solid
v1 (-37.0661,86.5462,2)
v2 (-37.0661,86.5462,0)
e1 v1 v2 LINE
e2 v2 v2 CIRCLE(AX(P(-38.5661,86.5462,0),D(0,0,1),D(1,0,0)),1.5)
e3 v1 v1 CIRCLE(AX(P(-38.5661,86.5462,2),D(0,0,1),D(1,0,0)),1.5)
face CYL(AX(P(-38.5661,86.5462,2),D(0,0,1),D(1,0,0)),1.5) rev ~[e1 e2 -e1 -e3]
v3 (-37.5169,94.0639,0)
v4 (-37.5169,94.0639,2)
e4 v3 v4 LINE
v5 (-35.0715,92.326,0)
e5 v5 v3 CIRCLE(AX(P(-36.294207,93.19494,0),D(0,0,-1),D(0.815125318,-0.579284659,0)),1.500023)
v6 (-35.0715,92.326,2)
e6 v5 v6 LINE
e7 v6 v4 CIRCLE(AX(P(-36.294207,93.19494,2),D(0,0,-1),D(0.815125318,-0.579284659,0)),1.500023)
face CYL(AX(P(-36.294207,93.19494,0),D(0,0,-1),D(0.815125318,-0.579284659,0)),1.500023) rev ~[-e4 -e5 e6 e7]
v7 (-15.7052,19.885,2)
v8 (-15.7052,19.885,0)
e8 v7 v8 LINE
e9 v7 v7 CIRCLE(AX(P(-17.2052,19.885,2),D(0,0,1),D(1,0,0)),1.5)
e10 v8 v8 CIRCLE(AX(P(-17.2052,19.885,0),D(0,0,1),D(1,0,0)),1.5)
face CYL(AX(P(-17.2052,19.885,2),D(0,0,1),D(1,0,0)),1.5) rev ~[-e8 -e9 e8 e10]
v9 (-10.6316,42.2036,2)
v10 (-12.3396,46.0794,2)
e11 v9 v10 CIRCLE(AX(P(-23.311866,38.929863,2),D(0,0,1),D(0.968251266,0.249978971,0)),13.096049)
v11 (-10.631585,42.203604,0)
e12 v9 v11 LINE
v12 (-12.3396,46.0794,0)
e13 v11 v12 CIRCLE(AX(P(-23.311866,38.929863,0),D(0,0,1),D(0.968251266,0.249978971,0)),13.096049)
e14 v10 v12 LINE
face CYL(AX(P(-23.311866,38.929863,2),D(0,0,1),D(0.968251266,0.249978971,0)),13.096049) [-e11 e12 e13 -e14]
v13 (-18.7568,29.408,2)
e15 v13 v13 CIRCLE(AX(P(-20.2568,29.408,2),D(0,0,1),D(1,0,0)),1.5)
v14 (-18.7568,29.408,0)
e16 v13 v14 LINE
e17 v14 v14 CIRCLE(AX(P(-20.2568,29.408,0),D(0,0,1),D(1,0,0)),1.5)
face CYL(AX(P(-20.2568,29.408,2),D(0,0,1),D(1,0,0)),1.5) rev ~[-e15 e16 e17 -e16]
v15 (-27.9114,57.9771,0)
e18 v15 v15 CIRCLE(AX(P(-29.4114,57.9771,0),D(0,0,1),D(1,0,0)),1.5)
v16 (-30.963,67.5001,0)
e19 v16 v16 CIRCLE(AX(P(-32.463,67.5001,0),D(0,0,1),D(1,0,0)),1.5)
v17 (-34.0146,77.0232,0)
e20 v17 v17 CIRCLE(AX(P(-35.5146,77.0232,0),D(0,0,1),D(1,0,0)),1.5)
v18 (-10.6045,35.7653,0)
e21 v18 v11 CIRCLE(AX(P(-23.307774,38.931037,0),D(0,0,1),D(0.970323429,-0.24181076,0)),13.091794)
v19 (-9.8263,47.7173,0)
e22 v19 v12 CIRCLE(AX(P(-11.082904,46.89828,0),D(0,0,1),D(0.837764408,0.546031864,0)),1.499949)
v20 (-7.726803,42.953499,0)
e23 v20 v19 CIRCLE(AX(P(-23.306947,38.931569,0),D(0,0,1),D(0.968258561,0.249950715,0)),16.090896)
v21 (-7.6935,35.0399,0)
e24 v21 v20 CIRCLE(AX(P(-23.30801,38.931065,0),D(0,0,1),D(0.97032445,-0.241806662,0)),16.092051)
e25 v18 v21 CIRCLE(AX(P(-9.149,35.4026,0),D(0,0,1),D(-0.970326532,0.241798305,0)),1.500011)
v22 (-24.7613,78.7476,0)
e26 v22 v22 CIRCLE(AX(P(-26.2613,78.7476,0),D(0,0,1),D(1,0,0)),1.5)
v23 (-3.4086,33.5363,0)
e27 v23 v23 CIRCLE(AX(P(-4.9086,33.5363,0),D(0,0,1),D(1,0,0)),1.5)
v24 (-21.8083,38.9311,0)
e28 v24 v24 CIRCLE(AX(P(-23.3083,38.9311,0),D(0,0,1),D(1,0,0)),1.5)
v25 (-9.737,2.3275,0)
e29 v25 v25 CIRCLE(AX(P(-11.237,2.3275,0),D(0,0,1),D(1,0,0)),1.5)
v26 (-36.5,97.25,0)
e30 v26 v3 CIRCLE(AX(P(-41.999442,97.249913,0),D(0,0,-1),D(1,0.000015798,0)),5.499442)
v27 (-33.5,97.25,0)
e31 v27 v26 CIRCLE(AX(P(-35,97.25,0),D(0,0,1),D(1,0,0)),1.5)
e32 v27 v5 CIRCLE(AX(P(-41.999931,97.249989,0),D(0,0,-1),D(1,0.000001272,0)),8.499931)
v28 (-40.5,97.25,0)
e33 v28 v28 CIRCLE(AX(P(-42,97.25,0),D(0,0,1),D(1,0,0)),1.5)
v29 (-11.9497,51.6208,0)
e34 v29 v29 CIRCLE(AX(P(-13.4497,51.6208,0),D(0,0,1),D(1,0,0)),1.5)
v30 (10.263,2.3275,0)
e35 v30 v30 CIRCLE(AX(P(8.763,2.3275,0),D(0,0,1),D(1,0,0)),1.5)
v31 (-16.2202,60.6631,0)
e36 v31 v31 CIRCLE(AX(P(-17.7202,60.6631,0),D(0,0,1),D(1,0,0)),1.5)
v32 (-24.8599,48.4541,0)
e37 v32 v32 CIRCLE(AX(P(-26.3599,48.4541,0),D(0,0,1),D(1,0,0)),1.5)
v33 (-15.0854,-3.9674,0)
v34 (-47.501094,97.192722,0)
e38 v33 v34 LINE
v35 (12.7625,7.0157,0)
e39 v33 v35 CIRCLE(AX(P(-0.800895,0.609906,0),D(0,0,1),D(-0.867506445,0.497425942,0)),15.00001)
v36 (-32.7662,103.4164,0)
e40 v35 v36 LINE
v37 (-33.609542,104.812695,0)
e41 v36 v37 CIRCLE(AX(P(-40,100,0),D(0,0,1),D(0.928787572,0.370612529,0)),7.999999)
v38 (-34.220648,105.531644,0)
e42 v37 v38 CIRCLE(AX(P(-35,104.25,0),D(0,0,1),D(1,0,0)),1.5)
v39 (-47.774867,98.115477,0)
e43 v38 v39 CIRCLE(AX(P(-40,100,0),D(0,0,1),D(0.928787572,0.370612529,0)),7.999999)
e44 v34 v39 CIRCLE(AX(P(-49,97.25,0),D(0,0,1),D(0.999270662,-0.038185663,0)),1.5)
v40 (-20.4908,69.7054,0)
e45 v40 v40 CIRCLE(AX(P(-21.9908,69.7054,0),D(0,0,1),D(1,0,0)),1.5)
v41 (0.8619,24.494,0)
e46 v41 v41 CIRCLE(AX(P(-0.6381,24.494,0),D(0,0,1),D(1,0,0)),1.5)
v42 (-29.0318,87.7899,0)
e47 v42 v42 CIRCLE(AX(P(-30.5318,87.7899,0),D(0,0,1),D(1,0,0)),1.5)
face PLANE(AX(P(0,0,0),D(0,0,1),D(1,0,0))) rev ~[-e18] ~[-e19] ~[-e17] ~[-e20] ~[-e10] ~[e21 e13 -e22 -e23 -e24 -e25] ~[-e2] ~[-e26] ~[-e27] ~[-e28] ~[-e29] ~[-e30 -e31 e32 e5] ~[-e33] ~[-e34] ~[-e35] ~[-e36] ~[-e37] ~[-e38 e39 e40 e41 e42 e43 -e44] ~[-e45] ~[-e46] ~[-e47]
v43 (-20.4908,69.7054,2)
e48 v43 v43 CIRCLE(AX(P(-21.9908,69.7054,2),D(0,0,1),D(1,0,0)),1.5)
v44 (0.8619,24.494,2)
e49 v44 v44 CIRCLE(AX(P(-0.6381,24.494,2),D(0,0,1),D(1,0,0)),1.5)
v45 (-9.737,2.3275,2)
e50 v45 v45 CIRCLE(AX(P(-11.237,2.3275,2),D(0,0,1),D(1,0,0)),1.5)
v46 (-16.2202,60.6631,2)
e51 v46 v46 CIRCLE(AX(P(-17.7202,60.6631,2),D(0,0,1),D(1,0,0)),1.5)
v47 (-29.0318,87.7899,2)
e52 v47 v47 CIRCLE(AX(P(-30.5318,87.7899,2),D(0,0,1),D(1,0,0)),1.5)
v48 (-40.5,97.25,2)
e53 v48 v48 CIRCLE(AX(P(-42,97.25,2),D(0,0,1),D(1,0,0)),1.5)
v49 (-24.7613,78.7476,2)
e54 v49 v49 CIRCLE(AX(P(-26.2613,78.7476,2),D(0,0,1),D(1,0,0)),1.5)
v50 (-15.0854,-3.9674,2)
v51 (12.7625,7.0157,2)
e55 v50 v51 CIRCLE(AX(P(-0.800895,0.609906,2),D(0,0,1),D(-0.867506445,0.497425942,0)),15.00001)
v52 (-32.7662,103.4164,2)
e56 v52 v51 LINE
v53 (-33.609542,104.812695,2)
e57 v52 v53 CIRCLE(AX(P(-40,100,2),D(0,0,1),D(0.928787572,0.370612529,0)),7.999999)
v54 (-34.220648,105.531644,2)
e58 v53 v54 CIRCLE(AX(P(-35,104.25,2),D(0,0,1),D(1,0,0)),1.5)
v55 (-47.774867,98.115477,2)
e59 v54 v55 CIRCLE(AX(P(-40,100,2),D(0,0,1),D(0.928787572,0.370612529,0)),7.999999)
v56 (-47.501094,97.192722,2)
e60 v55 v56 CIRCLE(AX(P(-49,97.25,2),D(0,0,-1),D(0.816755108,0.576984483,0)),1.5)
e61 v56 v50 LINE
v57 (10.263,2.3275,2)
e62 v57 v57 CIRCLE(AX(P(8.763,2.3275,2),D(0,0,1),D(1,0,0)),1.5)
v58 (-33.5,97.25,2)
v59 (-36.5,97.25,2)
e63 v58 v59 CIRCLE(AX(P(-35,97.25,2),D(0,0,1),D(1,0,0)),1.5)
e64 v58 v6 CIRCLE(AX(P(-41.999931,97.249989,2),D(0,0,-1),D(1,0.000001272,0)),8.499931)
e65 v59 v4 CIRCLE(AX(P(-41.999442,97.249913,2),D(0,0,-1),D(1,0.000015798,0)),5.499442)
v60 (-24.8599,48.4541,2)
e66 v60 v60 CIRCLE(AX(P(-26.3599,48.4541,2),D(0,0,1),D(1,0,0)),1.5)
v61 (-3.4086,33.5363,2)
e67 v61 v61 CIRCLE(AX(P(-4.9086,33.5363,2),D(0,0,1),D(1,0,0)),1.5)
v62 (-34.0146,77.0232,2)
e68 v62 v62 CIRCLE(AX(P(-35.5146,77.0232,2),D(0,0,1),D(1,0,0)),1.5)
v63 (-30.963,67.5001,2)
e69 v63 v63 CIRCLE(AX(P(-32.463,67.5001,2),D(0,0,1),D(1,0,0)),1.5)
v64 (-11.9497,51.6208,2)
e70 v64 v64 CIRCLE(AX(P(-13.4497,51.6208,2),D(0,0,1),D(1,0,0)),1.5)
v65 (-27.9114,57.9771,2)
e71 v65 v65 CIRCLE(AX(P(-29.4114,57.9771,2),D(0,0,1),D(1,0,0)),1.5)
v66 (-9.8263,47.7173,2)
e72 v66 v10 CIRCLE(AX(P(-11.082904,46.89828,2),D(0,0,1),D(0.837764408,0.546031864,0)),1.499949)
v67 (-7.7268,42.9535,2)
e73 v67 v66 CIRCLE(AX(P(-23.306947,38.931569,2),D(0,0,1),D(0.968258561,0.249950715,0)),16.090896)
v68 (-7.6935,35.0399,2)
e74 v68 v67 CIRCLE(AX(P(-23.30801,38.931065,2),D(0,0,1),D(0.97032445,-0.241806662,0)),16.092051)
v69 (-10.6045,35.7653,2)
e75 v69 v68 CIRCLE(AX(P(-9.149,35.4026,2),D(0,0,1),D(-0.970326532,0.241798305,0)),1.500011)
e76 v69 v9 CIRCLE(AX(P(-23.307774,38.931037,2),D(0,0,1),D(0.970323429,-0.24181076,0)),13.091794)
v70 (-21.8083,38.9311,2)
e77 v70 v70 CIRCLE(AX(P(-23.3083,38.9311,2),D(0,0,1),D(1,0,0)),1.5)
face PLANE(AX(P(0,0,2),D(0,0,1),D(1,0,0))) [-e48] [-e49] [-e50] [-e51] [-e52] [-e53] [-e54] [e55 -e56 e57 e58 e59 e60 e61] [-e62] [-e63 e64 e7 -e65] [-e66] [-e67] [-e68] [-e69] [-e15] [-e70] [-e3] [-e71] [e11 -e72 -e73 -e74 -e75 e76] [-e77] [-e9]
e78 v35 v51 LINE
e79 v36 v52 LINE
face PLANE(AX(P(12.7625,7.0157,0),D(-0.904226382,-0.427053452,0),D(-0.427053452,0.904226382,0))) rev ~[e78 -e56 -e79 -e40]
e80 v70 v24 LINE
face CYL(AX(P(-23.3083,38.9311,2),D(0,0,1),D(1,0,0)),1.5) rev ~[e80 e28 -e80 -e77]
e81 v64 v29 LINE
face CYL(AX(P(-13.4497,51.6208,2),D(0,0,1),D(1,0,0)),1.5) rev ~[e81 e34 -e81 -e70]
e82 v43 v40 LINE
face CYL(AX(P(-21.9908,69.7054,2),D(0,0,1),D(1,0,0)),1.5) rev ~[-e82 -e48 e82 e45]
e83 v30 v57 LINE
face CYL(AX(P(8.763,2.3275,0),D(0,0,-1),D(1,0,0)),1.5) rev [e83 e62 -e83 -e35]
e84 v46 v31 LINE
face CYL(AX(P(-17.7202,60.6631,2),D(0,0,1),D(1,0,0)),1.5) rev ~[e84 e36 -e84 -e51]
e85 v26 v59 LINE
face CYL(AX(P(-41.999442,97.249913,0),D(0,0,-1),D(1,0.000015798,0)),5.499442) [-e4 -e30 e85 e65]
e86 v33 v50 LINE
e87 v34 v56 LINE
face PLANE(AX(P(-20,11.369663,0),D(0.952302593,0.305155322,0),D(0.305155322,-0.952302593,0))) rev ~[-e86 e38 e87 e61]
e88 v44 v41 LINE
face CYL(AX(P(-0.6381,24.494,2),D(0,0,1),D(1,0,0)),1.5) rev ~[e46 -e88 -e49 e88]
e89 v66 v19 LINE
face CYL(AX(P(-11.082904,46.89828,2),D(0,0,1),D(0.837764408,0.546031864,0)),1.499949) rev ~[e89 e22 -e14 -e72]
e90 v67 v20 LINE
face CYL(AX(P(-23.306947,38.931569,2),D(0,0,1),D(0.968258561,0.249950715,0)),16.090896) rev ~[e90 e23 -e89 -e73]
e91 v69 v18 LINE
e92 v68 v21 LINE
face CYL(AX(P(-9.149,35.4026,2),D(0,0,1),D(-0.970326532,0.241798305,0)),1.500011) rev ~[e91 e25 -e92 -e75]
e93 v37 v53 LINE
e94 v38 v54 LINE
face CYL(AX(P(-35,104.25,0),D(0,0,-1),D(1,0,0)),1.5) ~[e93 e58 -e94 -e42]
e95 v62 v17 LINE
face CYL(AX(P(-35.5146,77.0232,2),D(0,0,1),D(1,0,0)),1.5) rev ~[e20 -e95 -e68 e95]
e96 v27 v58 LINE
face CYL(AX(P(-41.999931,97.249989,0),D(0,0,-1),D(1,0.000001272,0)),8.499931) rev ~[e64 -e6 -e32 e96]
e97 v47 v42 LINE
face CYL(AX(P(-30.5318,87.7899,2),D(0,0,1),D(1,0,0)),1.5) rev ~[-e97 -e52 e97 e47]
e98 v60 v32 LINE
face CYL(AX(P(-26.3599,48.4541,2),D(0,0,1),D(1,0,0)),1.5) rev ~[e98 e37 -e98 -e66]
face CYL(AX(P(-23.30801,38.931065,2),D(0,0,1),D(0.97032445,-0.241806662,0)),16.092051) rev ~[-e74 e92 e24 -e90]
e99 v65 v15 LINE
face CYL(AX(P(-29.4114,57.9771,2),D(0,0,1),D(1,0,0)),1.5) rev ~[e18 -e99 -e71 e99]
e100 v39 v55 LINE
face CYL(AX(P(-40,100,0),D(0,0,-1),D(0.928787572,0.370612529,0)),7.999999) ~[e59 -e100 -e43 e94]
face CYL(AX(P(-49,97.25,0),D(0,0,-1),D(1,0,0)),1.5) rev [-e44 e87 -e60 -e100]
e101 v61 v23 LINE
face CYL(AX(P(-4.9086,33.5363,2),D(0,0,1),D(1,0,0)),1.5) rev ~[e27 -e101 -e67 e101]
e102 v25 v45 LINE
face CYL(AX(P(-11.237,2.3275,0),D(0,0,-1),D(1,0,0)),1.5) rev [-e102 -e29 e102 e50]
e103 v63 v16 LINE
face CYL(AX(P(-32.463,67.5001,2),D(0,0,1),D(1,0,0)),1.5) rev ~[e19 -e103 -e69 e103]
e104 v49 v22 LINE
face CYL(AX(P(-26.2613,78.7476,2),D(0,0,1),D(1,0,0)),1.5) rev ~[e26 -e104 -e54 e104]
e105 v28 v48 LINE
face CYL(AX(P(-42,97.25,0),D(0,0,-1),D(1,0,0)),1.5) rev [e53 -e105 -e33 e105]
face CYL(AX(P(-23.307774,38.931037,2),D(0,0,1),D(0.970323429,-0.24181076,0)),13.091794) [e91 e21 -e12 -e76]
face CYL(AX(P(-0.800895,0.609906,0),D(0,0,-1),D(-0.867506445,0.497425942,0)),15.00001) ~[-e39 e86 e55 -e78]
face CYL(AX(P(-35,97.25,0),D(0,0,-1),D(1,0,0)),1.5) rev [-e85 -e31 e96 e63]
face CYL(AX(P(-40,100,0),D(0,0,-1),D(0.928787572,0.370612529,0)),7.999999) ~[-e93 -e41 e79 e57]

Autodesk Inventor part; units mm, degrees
ref_plane "YZ Plane" through (0, 0, 0) normal (1, 0, 0) x (0, 1, 0)
ref_plane "XZ Plane" through (0, 0, 0) normal (0, 1, 0) x (-1, 0, 0)
ref_plane "XY Plane" through (0, 0, 0) normal (0, 0, 1) x (1, 0, 0)
sketch "Эскиз1" plane through (0, 0, 0) normal (0, 0, 1) x (1, 0, 0)
  line L0 (15, -22.25) -> (15, 22.25) projected
  line L1 (15, 22.25) -> (-20, 22.25) projected
  line L2 (-20, 22.25) -> (-20, -22.25) projected
  line L3 (-20, -22.25) -> (15, -22.25) projected
  circle A0 centre (8.763, 2.3275) radius 1.5 projected
  circle A1 centre (8.763, 7.3275) radius 1.5 projected
  circle A2 centre (-11.237, -7.6725) radius 1.5 projected
  circle A3 centre (-11.237, -2.6725) radius 1.5 projected
  circle A4 centre (8.763, -2.6725) radius 1.5 projected
  circle A5 centre (8.763, -7.6725) radius 1.5 projected
  circle A6 centre (-11.237, 2.3275) radius 1.5 projected
  circle A7 centre (-11.237, 7.3275) radius 1.5 projected
  line L4 (-25, 92.25) -> (-62.0049, 92.25) projected
  line L5 (-103.637, 92.25) -> (-67.893, 92.25) projected
  circle A8 centre (-49, 104.25) radius 1.5 projected
  circle A9 centre (-42, 104.25) radius 1.5 projected
  circle A10 centre (-35, 104.25) radius 1.5 projected
  circle A11 centre (-35, 111.25) radius 1.5 projected
  circle A12 centre (-42, 118.25) radius 1.5 projected
  circle A13 centre (-49, 118.25) radius 1.5 projected
  circle A14 centre (-49, 111.25) radius 1.5 projected
  circle A15 centre (-35, 118.25) radius 1.5 projected
  circle A16 centre (-42, 111.25) radius 1.5 projected
  circle A17 centre (-42, 97.25) radius 1.5 projected
  circle A18 centre (-35, 97.25) radius 1.5 projected
  circle A19 centre (-49, 97.25) radius 1.5 projected
  line L6 (-25, 92.25) -> (-62.0049, 92.25) projected
  line L7 (-25, 95.25) -> (-25, 92.25) projected
  line L8 (-20, 95.25) -> (-25, 95.25) projected
  line L9 (-20, 95.25) -> (-20, 123.25) projected
  line L10 (-28, 123.25) -> (-20, 123.25) projected
  line L11 (-28, 129.25) -> (-28, 123.25) projected
  line L12 (-28, 129.25) -> (-62.0049, 129.25) projected
  line L13 (-62.0049, 92.25) -> (-62.0049, 129.25) projected
  line L14 (-5.1452, 11.625) -> (-40, 100) construction
  arc A20 (-32.5697, 102.9649) -> (-47.4303, 97.0351) centre (-40, 100) ccw
  line L15 (-5.1452, 11.625) -> (-22.5726, 55.8125) construction
  arc A21 (-13.8135, 8.0713) -> (-4.3725, 15.1785) centre (-0.8009, 0.6099) ccw
  line L16 (12.7625, 7.0157) -> (-32.7662, 103.4164)
  line L17 (-47.6184, 97.5588) -> (-15.0854, -3.9674)
  point P0 (0, 0)
  point P1 (-13.8589, 33.7187)
  point P2 (-33.6095, 104.8127)
  point P3 (-34.2206, 105.5316)
  point P4 (-47.7749, 98.1155)
  point P5 (-47.5011, 97.1926)
  dimension "d0" = 8
  dimension "d1" = 95
  dimension "d2" = 100
  dimension "d3" = 40
  dimension "d4" = 15
extrude "Выдавливание1" add sketch "Эскиз1" along normal blind 2 contours L16 A21 L17 L2 L1 | L1 L2 L17 L4 L16 | L4 L17 A19 A20 A10 L16 | A20 A10 | A10 A20 | A1 | A2 | A3 | A4 | A5 | A7 | A9
sketch "Эскиз2" plane through (0, 0, 2) normal (0, 0, 1) x (1, 0, 0)
  circle A0 centre (-38.5661, 86.5462) radius 1.5
  line L0 (-47.5011, 97.1926) -> (-15.0854, -3.9674) projected
  circle A1 centre (-35.5146, 77.0232) radius 1.5
  circle A2 centre (-32.463, 67.5001) radius 1.5
  circle A3 centre (-29.4114, 57.9771) radius 1.5
  circle A4 centre (-26.3599, 48.4541) radius 1.5
  circle A5 centre (-23.3083, 38.9311) radius 1.5
  circle A6 centre (-20.2568, 29.408) radius 1.5
  circle A7 centre (-17.2052, 19.885) radius 1.5
  circle A8 centre (-42, 97.25) radius 1.5 projected
  circle A9 centre (-11.237, 2.3275) radius 1.5 projected
  point P0 (0, 0)
  dimension "d7" = 3
  dimension "d10" = 10
  dimension "d17" = 5.2562
  dimension "d18" = 5.26
extrude "Выдавливание2" cut sketch "Эскиз2" against normal blind 3 contours A0 | A1 | A2 | A3 | A4 | A5 | A6 | A7
sketch "Эскиз3" plane through (0, 0, 2) normal (0, 0, 1) x (1, 0, 0)
  circle A0 centre (-35, 97.25) radius 1.5 projected
  line L0 (12.7625, 7.0157) -> (-32.7662, 103.4164) projected
  circle A1 centre (-30.5318, 87.7899) radius 1.5
  circle A2 centre (-26.2613, 78.7476) radius 1.5
  circle A3 centre (-21.9908, 69.7054) radius 1.5
  circle A4 centre (-17.7202, 60.6631) radius 1.5
  circle A5 centre (-13.4497, 51.6208) radius 1.5
  circle A6 centre (-9.1792, 42.5786) radius 1.5
  circle A7 centre (-4.9086, 33.5363) radius 1.5
  circle A8 centre (-0.6381, 24.494) radius 1.5
  point P0 (0, 0)
  dimension "d19" = 3
  dimension "d20" = 4.6533
  dimension "d21" = 4.653
  dimension "d24" = 10
extrude "Выдавливание3" cut sketch "Эскиз3" against normal blind 3 contours A1 | A2 | A3 | A4 | A5 | A6 | A7 | A8
sketch "Эскиз4" plane through (0, 0, 0) normal (0, 0, -1) x (-1, 0, 0)
  circle A0 centre (42, 97.25) radius 1.5 projected
  circle A1 centre (35, 97.25) radius 1.5 projected
  arc A2 (35, 97.25) -> (36.2942, 93.1949) centre (42, 97.25) ccw construction
  arc A3 (33.5, 97.25) -> (35.0715, 92.326) centre (42, 97.25) ccw
  arc A4 (36.5, 97.25) -> (37.5169, 94.0639) centre (42, 97.25) ccw
  arc A5 (36.5, 97.25) -> (33.5, 97.25) centre (35, 97.25) ccw
  arc A6 (35.0715, 92.326) -> (37.5169, 94.0639) centre (36.2942, 93.1949) ccw
  point P0 (0, 0)
extrude "Выдавливание4" cut sketch "Эскиз4" against normal blind 3 contours A4 A6 A3 A1
sketch "Эскиз5" plane through (0, 0, 2) normal (0, 0, 1) x (1, 0, 0)
  circle A0 centre (-42, 97.25) radius 1.5 projected
  arc A1 (-35.0715, 92.326) -> (-33.5, 97.25) centre (-42, 97.25) ccw projected
  arc A2 (-37.5169, 94.0639) -> (-35.0715, 92.326) centre (-36.2942, 93.1949) ccw projected
  arc A3 (-37.5169, 94.0639) -> (-36.5, 97.25) centre (-42, 97.25) ccw projected
  arc A4 (-33.5, 97.25) -> (-36.5, 97.25) centre (-35, 97.25) ccw projected
  circle A5 centre (-11.237, 2.3275) radius 1.5 projected
  circle A6 centre (8.763, 2.3275) radius 1.5 projected
  arc A7 (-15.0854, -3.9674) -> (12.7625, 7.0157) centre (-0.8009, 0.6099) ccw projected
  line L0 (12.7625, 7.0157) -> (-32.7662, 103.4164) projected
  arc A8 (-32.7662, 103.4164) -> (-33.6095, 104.8127) centre (-40, 100) ccw projected
  arc A9 (-33.6095, 104.8127) -> (-34.2206, 105.5316) centre (-35, 104.25) ccw projected
  arc A10 (-34.2206, 105.5316) -> (-47.7749, 98.1155) centre (-40, 100) ccw projected
  arc A11 (-47.5011, 97.1926) -> (-47.7749, 98.1155) centre (-49, 97.25) ccw projected
  line L1 (-47.5011, 97.1926) -> (-15.0854, -3.9674) projected
  circle A12 centre (-17.2052, 19.885) radius 1.5 projected
  circle A13 centre (-23.3083, 38.9311) radius 1.5 projected
  circle A14 centre (-38.5661, 86.5462) radius 1.5 projected
  circle A15 centre (-32.463, 67.5001) radius 1.5 projected
  circle A16 centre (-29.4114, 57.9771) radius 1.5 projected
  circle A17 centre (-35.5146, 77.0232) radius 1.5 projected
  circle A18 centre (-20.2568, 29.408) radius 1.5 projected
  circle A19 centre (-26.3599, 48.4541) radius 1.5 projected
  circle A20 centre (-0.6381, 24.494) radius 1.5 projected
  circle A21 centre (-26.2613, 78.7476) radius 1.5 projected
  circle A22 centre (-4.9086, 33.5363) radius 1.5 projected
  circle A23 centre (-13.4497, 51.6208) radius 1.5 projected
  circle A24 centre (-17.7202, 60.6631) radius 1.5 projected
  circle A25 centre (-9.1792, 42.5786) radius 1.5 projected
  circle A26 centre (-30.5318, 87.7899) radius 1.5 projected
  circle A27 centre (-21.9908, 69.7054) radius 1.5 projected
  circle A28 centre (-23.3083, 38.9311) radius 1.5 projected
  circle A29 centre (-9.1792, 42.5786) radius 1.5 projected
  arc A30 (-9.149, 35.4026) -> (-9.1792, 42.5786) centre (-23.3083, 38.9311) ccw construction
  arc A31 (-7.6935, 35.0399) -> (-7.7268, 42.9535) centre (-23.3083, 38.9311) ccw
  arc A32 (-10.6045, 35.7653) -> (-10.6316, 42.2036) centre (-23.3083, 38.9311) ccw
  arc A33 (-10.6045, 35.7653) -> (-7.6935, 35.0399) centre (-9.149, 35.4026) ccw
  arc A34 (-7.7268, 42.9535) -> (-10.6316, 42.2036) centre (-9.1792, 42.5786) ccw
  arc A35 (-9.1792, 42.5786) -> (-11.0829, 46.8983) centre (-23.3083, 38.9311) ccw construction
  arc A36 (-7.7268, 42.9535) -> (-9.8263, 47.7173) centre (-23.3083, 38.9311) ccw
  arc A37 (-10.6316, 42.2036) -> (-12.3396, 46.0794) centre (-23.3083, 38.9311) ccw
  arc A38 (-10.6316, 42.2036) -> (-7.7268, 42.9535) centre (-9.1792, 42.5786) ccw
  arc A39 (-9.8263, 47.7173) -> (-12.3396, 46.0794) centre (-11.0829, 46.8983) ccw
  point P0 (0, 0)
  point P1 (-10.6316, 42.2036)
  point P2 (-10.6316, 42.2036)
  point P3 (-10.6316, 42.2036)
  point P4 (-7.7268, 42.9535)
  point P5 (-7.7268, 42.9535)
  point P6 (-7.7268, 42.9535)
extrude "Выдавливание5" cut sketch "Эскиз5" against normal blind 3 contours A25 A31 A33 A32 | A25 A37 A39 A36
properties part number "ЛЦМК000002.00.00.00.00.19 мост"
